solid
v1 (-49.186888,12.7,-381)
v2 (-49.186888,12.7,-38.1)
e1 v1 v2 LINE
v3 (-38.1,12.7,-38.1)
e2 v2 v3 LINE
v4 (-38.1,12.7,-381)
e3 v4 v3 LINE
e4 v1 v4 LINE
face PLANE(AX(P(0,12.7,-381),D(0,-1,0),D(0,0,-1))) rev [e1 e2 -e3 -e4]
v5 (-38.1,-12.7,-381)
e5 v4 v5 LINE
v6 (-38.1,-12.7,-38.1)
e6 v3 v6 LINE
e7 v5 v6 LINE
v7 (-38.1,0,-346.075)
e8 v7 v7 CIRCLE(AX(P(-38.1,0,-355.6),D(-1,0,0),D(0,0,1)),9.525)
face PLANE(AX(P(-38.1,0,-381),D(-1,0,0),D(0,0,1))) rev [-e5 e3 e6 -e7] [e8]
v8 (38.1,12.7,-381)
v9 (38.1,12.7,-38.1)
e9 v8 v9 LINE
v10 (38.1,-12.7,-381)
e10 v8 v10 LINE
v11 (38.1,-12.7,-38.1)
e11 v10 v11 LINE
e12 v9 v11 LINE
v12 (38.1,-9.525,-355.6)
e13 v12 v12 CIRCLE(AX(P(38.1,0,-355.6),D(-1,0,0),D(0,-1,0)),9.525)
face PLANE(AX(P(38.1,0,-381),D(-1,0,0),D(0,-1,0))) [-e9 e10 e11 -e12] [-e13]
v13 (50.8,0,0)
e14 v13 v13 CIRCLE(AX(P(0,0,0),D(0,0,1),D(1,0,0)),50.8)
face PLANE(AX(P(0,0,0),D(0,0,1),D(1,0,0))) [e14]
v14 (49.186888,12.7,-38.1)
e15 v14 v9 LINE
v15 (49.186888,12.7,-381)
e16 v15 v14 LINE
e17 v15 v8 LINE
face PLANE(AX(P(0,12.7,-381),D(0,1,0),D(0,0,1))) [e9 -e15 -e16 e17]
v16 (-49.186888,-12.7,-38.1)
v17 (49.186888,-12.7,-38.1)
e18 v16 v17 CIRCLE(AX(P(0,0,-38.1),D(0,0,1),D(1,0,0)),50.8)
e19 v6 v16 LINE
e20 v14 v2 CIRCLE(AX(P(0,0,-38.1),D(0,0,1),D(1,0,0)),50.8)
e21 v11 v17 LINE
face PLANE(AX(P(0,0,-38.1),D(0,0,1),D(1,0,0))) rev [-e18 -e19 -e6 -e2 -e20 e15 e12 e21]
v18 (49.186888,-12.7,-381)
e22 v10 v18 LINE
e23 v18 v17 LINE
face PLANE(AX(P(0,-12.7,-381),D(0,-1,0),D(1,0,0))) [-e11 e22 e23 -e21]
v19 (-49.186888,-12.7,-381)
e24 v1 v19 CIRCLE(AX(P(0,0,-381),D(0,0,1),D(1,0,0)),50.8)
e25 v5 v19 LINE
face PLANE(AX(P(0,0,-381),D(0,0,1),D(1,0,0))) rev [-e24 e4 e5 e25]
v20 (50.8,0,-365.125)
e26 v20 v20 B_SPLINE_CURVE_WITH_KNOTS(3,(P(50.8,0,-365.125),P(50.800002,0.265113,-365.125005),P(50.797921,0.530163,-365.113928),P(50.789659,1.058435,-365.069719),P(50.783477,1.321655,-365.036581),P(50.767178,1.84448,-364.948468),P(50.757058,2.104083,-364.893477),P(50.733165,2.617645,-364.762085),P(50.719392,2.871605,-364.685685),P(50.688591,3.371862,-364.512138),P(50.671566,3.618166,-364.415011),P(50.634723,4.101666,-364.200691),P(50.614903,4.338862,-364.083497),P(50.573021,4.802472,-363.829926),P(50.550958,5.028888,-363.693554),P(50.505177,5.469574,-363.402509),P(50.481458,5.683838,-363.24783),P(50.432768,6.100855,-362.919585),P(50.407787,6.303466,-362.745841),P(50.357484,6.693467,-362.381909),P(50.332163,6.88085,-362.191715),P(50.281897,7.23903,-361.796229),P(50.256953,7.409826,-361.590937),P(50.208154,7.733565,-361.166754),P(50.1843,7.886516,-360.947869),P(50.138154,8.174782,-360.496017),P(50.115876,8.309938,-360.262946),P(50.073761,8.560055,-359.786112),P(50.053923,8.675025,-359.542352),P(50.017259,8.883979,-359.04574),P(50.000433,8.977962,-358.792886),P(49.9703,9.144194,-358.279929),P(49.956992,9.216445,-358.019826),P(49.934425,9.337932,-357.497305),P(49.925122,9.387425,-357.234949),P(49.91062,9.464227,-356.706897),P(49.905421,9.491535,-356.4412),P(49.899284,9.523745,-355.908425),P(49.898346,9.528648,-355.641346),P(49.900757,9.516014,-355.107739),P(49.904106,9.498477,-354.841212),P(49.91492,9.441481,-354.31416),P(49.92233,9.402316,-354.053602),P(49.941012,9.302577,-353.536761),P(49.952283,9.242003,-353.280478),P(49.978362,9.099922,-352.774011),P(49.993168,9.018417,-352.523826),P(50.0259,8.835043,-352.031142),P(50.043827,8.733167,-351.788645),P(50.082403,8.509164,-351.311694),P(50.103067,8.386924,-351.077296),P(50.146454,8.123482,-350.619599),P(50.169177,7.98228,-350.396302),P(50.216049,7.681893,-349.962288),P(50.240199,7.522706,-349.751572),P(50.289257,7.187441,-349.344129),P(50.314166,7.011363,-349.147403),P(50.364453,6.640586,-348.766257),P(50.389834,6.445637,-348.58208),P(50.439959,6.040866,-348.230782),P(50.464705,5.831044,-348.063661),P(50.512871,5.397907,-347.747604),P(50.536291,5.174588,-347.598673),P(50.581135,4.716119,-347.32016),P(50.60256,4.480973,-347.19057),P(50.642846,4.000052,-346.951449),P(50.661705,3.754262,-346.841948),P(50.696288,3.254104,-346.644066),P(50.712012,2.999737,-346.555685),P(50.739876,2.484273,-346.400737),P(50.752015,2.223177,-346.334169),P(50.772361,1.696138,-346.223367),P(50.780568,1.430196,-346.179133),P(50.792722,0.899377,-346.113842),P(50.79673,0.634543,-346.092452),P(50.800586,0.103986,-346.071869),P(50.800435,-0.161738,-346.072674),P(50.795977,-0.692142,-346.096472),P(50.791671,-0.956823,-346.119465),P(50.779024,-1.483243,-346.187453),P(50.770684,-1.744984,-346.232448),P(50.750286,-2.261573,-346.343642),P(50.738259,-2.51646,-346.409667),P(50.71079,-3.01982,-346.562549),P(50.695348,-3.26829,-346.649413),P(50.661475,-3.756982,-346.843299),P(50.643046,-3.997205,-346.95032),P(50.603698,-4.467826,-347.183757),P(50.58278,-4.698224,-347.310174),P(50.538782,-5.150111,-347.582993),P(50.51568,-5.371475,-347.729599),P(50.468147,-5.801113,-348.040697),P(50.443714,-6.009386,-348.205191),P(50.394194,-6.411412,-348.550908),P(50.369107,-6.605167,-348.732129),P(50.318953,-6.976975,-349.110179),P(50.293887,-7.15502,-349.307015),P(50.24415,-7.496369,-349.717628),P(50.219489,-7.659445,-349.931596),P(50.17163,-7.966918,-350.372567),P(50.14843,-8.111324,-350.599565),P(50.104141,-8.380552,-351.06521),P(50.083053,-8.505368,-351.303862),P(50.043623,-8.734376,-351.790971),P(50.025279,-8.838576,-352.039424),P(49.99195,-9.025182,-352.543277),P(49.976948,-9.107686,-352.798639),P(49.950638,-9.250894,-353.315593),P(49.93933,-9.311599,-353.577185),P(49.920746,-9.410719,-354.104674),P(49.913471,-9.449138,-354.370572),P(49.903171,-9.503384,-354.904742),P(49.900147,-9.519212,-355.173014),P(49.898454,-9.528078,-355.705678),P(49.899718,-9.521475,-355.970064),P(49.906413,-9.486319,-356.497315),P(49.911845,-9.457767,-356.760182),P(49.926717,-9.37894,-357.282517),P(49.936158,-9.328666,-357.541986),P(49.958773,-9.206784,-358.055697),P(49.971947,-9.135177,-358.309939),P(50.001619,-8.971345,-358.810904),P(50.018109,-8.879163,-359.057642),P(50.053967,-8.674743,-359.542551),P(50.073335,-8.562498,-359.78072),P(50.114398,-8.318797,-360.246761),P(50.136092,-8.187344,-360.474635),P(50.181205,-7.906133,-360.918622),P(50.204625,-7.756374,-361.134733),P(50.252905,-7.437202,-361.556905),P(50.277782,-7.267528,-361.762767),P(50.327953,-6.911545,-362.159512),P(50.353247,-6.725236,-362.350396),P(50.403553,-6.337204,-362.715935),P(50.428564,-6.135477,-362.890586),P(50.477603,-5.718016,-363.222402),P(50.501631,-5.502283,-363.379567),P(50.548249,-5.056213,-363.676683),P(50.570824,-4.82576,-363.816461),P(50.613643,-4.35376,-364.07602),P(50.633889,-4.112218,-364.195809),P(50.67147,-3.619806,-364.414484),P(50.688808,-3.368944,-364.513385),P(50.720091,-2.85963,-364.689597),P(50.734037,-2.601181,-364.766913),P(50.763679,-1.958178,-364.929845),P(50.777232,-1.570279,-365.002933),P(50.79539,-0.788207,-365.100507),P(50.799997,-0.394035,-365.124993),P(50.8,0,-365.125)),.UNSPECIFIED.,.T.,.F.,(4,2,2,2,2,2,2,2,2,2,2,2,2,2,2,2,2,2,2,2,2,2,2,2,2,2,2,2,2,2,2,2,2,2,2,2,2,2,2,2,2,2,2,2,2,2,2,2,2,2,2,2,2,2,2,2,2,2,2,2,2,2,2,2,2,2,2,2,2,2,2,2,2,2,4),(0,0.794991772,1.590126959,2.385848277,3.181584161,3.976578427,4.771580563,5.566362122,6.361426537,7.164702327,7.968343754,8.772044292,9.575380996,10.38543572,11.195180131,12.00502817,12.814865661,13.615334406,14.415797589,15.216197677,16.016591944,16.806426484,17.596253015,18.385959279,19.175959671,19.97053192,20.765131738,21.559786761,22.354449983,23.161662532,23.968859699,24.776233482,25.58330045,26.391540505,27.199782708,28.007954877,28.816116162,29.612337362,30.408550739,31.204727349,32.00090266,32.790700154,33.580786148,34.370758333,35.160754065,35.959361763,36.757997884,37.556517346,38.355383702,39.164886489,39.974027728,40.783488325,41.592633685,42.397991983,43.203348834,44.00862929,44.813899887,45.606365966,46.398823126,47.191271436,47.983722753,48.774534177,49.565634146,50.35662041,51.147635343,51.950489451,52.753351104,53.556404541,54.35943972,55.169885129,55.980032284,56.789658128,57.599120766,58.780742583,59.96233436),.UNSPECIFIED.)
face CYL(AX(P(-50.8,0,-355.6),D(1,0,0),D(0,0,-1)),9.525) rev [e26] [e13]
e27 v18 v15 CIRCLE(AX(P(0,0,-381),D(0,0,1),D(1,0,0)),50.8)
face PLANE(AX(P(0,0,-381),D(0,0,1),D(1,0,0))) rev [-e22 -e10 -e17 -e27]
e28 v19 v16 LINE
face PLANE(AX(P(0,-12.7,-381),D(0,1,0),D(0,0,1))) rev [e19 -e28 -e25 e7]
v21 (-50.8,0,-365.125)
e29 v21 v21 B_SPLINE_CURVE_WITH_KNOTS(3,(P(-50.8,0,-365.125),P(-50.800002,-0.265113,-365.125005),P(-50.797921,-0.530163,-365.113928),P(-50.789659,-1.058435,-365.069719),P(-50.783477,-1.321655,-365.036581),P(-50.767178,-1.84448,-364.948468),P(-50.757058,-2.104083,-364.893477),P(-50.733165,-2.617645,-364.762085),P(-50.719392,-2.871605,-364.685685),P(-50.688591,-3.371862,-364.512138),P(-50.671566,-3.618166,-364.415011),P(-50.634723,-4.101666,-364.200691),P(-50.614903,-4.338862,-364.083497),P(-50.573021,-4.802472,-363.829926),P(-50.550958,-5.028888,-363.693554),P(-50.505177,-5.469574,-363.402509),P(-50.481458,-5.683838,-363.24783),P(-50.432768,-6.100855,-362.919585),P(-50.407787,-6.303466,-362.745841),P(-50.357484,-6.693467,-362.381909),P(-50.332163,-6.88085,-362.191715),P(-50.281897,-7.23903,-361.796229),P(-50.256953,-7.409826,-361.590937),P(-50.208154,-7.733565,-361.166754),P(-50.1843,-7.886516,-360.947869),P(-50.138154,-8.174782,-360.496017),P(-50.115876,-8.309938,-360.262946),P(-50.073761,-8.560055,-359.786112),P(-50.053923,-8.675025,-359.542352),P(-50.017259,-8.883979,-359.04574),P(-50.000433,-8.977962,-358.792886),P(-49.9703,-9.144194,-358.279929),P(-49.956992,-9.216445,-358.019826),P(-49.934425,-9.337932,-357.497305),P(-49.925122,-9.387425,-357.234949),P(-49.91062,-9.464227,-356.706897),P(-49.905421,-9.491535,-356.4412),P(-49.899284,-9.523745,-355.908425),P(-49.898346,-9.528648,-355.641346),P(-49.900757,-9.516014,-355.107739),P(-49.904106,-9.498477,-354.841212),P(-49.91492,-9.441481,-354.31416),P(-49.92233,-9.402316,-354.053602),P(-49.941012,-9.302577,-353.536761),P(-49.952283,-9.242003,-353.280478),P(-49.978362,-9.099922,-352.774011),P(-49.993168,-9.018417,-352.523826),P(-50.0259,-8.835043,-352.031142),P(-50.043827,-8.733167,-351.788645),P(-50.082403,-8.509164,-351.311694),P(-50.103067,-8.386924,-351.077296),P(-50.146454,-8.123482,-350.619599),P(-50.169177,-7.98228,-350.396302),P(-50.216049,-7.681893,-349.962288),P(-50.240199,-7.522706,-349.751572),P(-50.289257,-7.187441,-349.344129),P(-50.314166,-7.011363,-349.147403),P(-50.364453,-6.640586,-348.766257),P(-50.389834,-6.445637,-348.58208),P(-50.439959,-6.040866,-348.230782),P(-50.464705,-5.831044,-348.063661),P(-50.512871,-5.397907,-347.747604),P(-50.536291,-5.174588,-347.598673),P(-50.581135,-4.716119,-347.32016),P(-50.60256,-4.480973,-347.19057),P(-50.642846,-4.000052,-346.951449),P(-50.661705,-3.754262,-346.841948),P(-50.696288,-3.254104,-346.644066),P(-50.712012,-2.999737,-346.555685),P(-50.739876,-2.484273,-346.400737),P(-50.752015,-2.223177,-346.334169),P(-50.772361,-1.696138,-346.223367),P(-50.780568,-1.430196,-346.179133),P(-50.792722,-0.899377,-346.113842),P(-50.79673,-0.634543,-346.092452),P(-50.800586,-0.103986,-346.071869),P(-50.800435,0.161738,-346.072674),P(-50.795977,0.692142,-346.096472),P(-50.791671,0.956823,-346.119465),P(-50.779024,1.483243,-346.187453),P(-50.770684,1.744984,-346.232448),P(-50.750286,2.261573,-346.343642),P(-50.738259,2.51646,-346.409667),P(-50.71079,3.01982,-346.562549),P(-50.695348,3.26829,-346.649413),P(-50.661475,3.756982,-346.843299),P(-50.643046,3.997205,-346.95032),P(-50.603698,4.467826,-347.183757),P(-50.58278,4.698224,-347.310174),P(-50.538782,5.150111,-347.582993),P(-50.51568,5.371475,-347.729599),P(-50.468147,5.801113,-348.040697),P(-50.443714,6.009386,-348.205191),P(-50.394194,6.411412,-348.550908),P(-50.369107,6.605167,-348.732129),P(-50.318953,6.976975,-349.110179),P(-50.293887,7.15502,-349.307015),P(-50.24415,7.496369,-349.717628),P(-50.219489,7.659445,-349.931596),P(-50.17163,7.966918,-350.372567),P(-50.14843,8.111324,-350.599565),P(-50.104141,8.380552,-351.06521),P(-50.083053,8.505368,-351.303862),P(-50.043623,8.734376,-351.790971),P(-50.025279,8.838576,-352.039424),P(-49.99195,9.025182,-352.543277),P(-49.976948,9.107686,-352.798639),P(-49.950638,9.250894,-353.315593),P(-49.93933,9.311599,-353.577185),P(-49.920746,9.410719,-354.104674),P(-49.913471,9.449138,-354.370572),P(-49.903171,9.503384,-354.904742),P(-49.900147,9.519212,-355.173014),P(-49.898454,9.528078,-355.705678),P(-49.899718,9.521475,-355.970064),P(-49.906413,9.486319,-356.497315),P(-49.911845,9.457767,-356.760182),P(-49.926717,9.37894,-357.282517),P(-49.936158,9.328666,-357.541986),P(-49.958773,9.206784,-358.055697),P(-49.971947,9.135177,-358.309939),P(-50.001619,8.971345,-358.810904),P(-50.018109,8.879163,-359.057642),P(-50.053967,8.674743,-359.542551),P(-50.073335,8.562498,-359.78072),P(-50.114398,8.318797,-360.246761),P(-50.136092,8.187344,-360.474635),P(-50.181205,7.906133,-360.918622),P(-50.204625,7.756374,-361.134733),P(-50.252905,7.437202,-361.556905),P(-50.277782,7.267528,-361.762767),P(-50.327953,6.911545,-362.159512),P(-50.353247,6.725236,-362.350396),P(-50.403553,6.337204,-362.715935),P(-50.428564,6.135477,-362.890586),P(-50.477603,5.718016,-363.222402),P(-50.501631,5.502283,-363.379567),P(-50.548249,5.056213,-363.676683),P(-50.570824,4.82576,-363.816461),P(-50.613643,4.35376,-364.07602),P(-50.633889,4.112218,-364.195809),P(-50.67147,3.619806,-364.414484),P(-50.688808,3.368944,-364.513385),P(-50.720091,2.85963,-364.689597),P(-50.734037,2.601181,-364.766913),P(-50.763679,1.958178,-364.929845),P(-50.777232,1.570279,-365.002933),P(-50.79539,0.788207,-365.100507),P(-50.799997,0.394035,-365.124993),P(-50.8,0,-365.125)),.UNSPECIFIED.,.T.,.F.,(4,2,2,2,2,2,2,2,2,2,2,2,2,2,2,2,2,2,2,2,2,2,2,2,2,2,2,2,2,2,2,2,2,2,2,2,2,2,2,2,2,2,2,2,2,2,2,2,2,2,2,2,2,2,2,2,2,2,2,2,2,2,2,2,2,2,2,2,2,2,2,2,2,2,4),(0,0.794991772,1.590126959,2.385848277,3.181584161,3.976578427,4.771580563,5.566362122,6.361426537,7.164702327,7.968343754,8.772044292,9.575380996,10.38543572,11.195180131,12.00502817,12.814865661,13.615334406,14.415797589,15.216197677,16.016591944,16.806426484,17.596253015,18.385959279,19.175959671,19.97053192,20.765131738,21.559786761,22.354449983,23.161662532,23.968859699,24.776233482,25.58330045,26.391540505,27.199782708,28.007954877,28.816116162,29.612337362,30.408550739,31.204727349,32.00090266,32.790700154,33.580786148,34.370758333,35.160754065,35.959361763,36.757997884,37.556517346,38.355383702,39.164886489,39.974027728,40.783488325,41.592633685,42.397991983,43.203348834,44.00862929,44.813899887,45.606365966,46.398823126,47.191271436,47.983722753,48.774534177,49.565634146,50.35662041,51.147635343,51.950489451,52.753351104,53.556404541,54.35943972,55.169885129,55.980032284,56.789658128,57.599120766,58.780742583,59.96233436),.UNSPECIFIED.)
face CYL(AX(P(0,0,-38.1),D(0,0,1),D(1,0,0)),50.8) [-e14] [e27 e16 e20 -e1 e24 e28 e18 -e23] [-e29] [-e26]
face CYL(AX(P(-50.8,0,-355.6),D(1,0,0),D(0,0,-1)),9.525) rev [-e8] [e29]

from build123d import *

# Parameters (mm, degrees)
BOSS_EXTRUDE1_DEPTH     = 38.1
BOSS_EXTRUDE2_DEPTH     = 381
CUT_EXTRUDE1_DEPTH      = 395.518504002
CUT_EXTRUDE1_DEPTH_BACK = 395.518504002
SKETCH2_R               = 9.525


with BuildPart() as part:
    # Sketch1 → Boss-Extrude1 (new body)
    with BuildSketch(Plane.XY):
        with BuildLine():
            Line((38.1, 12.7), (49.186888497, 12.7))
            ThreePointArc((49.186888497, 12.7), (0, 50.8), (-49.186888497, 12.7))
            Line((-49.186888497, 12.7), (-38.1, 12.7))
            Line((-38.1, 12.7), (-38.1, -12.7))
            Line((-38.1, -12.7), (-49.186888497, -12.7))
            ThreePointArc((-49.186888497, -12.7), (0, -50.8), (49.186888497, -12.7))
            Line((49.186888497, -12.7), (38.1, -12.7))
            Line((38.1, -12.7), (38.1, 12.7))
        make_face()
    extrude(amount=-BOSS_EXTRUDE1_DEPTH)

    # Sketch1<3> → Boss-Extrude2 (add)
    with BuildSketch(Plane.XY):
        with BuildLine():
            ThreePointArc((49.186888497, -12.7), (50.8, 0), (49.186888497, 12.7))
            Line((49.186888497, 12.7), (38.1, 12.7))
            Line((38.1, 12.7), (38.1, -12.7))
            Line((38.1, -12.7), (49.186888497, -12.7))
        make_face()
        with BuildLine():
            Line((-38.1, 12.7), (-49.186888497, 12.7))
            ThreePointArc((-49.186888497, 12.7), (-50.8, 0), (-49.186888497, -12.7))
            Line((-49.186888497, -12.7), (-38.1, -12.7))
            Line((-38.1, -12.7), (-38.1, 12.7))
        make_face()
    extrude(amount=-BOSS_EXTRUDE2_DEPTH)

    # Sketch2 → Cut-Extrude1 (cut, two sides: drawn at the far end of the back side and taken through both)
    with BuildSketch(Plane(origin=(-38.1, 0, 0), x_dir=(0, 0, -1), z_dir=(1, 0, 0)).offset(-CUT_EXTRUDE1_DEPTH_BACK)):
        with Locations((355.6, 0)):
            Circle(SKETCH2_R)
    extrude(amount=CUT_EXTRUDE1_DEPTH + CUT_EXTRUDE1_DEPTH_BACK, mode=Mode.SUBTRACT)


solid = part.part
